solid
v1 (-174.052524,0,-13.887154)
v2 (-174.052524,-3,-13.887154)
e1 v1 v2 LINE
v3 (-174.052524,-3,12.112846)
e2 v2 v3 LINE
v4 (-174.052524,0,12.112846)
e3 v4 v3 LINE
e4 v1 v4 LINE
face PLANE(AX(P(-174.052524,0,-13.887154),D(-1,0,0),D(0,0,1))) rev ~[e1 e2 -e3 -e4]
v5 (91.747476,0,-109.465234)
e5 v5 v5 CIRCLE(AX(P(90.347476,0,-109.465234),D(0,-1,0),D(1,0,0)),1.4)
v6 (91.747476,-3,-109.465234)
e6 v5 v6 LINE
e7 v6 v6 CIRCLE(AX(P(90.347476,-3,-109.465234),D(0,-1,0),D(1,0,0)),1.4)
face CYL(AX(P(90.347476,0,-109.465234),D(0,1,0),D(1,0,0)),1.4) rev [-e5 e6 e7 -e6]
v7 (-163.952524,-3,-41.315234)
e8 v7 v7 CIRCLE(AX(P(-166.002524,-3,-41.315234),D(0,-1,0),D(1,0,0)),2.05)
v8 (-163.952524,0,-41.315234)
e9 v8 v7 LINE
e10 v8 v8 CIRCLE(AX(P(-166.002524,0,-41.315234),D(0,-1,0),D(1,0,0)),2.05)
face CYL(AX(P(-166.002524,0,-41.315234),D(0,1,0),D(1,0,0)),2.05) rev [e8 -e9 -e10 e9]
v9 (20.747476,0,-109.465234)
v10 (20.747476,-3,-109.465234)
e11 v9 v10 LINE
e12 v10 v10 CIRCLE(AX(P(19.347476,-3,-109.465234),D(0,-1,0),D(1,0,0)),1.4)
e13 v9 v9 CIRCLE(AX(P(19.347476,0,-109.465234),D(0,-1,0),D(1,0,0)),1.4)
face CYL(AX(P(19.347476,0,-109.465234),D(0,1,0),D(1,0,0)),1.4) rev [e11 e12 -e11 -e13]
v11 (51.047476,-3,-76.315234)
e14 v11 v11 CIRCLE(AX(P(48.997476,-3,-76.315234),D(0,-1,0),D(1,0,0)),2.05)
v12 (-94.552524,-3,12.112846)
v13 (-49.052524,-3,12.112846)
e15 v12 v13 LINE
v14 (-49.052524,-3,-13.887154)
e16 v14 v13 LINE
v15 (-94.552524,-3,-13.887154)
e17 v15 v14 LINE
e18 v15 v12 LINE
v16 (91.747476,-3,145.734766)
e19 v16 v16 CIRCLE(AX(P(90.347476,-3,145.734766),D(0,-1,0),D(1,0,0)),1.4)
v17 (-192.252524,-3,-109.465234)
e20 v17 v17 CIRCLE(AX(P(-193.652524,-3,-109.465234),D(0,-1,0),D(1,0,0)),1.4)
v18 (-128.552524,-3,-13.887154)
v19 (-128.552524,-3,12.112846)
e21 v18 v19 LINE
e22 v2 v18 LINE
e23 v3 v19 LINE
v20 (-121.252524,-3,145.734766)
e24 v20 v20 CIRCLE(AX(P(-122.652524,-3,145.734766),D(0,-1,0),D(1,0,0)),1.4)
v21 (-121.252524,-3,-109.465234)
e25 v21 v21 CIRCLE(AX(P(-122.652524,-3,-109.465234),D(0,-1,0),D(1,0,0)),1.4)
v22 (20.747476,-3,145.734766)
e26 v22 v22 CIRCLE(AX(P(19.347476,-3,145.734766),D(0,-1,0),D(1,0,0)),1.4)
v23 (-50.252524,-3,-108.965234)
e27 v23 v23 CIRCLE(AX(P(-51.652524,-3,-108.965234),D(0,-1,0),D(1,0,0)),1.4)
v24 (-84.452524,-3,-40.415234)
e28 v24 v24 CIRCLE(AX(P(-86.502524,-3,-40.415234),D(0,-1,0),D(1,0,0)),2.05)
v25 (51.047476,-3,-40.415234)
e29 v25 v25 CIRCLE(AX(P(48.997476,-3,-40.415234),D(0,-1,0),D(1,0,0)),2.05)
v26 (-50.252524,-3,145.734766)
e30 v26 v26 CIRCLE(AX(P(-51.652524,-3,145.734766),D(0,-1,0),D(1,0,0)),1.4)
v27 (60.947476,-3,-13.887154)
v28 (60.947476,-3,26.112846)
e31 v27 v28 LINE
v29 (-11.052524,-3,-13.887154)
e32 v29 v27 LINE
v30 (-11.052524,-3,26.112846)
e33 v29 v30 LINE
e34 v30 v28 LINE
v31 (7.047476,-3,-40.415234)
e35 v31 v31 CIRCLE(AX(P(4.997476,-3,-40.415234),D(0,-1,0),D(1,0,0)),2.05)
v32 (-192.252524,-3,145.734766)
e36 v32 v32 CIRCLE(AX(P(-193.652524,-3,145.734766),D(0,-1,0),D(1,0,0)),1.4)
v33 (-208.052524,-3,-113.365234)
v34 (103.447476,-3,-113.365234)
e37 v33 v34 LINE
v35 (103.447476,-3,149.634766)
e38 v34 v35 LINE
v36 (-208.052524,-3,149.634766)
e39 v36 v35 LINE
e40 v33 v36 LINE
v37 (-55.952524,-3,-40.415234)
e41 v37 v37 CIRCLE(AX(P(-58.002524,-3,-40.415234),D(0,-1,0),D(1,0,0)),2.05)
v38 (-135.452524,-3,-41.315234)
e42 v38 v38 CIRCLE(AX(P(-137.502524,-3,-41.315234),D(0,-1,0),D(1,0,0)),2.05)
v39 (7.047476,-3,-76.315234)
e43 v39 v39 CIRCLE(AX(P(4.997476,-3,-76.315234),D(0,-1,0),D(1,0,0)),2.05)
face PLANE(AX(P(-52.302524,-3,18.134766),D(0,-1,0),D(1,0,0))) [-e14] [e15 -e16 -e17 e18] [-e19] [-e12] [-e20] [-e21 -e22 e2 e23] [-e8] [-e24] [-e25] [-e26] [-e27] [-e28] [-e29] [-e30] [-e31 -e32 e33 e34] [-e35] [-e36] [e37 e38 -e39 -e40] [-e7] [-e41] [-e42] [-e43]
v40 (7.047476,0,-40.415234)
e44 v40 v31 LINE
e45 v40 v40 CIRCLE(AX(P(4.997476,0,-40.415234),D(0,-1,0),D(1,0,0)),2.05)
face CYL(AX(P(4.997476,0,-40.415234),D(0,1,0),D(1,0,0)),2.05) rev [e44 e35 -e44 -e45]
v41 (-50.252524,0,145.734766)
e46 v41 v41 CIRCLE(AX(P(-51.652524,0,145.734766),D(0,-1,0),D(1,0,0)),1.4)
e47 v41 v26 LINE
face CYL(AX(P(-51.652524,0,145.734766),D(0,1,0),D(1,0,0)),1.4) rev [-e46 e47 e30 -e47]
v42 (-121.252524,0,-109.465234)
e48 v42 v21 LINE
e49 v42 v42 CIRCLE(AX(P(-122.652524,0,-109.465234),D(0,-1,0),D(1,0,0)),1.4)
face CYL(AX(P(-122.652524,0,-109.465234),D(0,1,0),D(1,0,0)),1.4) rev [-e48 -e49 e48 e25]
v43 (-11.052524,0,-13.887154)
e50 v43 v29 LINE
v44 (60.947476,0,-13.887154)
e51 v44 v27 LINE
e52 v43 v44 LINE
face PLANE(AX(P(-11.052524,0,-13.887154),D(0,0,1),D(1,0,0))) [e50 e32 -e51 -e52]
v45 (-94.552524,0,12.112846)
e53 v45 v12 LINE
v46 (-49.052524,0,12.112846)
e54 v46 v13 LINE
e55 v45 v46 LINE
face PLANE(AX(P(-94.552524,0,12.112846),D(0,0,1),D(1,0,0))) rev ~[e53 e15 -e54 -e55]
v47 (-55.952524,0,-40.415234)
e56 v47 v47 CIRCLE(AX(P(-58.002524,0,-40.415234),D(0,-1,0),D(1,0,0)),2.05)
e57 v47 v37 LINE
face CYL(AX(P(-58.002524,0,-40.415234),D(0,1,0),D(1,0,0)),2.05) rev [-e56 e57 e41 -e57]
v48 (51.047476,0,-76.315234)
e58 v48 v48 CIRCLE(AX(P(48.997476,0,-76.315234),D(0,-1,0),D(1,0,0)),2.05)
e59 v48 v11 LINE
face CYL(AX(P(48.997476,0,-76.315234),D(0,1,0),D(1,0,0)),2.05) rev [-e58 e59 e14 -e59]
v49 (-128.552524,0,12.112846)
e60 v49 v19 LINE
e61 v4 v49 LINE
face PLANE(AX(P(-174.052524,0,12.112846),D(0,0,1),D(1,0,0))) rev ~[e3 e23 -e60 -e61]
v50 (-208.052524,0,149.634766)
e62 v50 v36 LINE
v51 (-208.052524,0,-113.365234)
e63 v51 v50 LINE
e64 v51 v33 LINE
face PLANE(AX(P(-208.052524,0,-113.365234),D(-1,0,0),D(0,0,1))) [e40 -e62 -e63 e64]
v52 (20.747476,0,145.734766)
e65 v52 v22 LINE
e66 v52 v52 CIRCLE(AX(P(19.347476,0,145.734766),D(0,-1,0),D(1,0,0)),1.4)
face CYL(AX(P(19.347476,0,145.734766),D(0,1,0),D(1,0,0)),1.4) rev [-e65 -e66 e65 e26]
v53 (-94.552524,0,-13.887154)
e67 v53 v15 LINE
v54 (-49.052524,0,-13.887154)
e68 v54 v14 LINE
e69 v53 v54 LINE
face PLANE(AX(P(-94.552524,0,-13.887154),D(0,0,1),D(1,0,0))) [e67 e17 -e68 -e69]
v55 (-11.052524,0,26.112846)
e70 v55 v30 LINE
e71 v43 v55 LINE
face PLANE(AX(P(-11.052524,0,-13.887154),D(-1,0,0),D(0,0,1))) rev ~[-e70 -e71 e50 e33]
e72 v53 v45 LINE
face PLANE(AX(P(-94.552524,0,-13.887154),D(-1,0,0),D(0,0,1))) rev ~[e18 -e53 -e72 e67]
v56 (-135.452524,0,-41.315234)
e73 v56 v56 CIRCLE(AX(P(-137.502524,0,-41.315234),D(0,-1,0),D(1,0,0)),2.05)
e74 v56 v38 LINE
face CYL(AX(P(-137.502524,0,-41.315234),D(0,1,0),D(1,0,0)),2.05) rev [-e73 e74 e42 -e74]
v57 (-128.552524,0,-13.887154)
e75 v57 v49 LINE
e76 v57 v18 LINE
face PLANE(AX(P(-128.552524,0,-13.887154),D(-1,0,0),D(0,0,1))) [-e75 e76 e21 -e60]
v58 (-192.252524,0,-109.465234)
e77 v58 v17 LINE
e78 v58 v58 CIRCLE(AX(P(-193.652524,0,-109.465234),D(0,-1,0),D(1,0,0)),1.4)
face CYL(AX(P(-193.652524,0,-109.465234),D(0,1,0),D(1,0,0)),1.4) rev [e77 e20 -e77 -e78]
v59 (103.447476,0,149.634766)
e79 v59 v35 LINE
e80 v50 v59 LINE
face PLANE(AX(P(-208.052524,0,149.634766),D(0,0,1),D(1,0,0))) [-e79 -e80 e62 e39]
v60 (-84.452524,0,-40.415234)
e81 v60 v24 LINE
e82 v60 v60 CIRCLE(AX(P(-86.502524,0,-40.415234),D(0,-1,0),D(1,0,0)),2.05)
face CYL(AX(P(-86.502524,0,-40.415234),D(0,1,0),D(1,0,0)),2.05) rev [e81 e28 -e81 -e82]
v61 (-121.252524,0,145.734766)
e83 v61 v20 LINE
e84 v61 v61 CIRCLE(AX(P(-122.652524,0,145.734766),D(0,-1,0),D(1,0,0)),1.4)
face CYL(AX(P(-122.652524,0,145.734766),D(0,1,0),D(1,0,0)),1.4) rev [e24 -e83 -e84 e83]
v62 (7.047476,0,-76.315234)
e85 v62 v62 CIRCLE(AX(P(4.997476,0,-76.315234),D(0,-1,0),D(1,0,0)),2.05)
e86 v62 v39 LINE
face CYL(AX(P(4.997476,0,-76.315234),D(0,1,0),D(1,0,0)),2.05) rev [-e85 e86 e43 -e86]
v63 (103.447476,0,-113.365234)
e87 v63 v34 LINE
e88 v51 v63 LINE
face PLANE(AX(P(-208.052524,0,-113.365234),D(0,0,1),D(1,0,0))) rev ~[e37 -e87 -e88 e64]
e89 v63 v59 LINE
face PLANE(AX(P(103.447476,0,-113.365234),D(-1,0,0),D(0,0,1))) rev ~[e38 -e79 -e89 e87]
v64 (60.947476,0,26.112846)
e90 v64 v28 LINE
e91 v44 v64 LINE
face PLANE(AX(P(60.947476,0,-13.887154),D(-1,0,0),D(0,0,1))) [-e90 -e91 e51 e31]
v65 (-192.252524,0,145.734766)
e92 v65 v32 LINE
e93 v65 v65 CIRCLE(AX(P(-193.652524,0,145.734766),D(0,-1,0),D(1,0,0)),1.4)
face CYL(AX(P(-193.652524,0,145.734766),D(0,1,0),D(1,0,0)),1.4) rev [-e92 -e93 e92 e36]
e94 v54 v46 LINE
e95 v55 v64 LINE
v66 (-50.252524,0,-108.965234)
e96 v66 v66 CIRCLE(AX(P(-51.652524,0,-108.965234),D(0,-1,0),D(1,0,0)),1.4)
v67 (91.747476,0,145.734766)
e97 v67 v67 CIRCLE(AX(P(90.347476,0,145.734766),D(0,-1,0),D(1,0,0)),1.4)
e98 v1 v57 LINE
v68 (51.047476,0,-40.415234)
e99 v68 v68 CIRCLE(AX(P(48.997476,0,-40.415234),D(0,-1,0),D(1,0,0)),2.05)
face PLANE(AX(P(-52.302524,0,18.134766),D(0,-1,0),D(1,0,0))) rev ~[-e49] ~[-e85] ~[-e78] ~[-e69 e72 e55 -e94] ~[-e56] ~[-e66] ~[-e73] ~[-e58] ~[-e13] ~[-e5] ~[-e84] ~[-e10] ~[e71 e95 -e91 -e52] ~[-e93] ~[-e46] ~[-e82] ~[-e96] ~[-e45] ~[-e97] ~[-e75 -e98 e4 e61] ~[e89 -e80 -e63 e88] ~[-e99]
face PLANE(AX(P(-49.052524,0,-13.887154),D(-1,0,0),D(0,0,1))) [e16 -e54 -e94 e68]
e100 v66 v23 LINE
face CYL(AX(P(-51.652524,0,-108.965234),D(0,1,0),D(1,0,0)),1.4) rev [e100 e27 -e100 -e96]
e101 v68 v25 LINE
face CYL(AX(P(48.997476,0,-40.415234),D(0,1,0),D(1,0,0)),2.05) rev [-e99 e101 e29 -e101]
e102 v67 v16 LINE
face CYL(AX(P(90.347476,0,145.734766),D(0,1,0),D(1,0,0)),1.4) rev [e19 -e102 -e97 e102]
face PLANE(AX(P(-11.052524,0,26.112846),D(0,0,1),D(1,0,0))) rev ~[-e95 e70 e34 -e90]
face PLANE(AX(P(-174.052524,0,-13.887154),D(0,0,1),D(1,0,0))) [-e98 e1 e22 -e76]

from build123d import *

# Parameters (mm, degrees)
F0_W     = 311.5
F0_H     = 263
F0_R     = 1.4
F0_R_2   = 2.05
F0_W_2   = 45.5
F0_H_2   = 26
F0_W_3   = 72
F0_H_3   = 40
F1_DEPTH = 3


with BuildPart() as f1:
    # F0 (on Front) → F1 (new body)
    with BuildSketch(Plane.XZ):
        with Locations((-52.302524, 18.134766)):
            Rectangle(F0_W, F0_H)
        with Locations((-193.652524, -109.465234)):
            Circle(F0_R, mode=Mode.SUBTRACT)
        with Locations((-122.652524, -109.465234)):
            Circle(F0_R, mode=Mode.SUBTRACT)
        with Locations((-166.002524, -41.315234)):
            Circle(F0_R_2, mode=Mode.SUBTRACT)
        with Locations((-137.502524, -41.315234)):
            Circle(F0_R_2, mode=Mode.SUBTRACT)
        with Locations((-151.302524, -0.887154)):
            Rectangle(F0_W_2, F0_H_2, mode=Mode.SUBTRACT)
        with Locations((-86.502524, -40.415234)):
            Circle(F0_R_2, mode=Mode.SUBTRACT)
        with Locations((-58.002524, -40.415234)):
            Circle(F0_R_2, mode=Mode.SUBTRACT)
        with Locations((-71.802524, -0.887154)):
            Rectangle(F0_W_2, F0_H_2, mode=Mode.SUBTRACT)
        with Locations((-51.652524, -108.965234)):
            Circle(F0_R, mode=Mode.SUBTRACT)
        with Locations((19.347476, -109.465234)):
            Circle(F0_R, mode=Mode.SUBTRACT)
        with Locations((4.997476, -76.315234)):
            Circle(F0_R_2, mode=Mode.SUBTRACT)
        with Locations((90.347476, -109.465234)):
            Circle(F0_R, mode=Mode.SUBTRACT)
        with Locations((48.997476, -76.315234)):
            Circle(F0_R_2, mode=Mode.SUBTRACT)
        with Locations((4.997476, -40.415234)):
            Circle(F0_R_2, mode=Mode.SUBTRACT)
        with Locations((24.947476, 6.112846)):
            Rectangle(F0_W_3, F0_H_3, mode=Mode.SUBTRACT)
        with Locations((48.997476, -40.415234)):
            Circle(F0_R_2, mode=Mode.SUBTRACT)
        with Locations((-193.652524, 145.734766)):
            Circle(F0_R, mode=Mode.SUBTRACT)
        with Locations((-122.652524, 145.734766)):
            Circle(F0_R, mode=Mode.SUBTRACT)
        with Locations((-51.652524, 145.734766)):
            Circle(F0_R, mode=Mode.SUBTRACT)
        with Locations((19.347476, 145.734766)):
            Circle(F0_R, mode=Mode.SUBTRACT)
        with Locations((90.347476, 145.734766)):
            Circle(F0_R, mode=Mode.SUBTRACT)
    extrude(amount=F1_DEPTH)


solid = f1.part
